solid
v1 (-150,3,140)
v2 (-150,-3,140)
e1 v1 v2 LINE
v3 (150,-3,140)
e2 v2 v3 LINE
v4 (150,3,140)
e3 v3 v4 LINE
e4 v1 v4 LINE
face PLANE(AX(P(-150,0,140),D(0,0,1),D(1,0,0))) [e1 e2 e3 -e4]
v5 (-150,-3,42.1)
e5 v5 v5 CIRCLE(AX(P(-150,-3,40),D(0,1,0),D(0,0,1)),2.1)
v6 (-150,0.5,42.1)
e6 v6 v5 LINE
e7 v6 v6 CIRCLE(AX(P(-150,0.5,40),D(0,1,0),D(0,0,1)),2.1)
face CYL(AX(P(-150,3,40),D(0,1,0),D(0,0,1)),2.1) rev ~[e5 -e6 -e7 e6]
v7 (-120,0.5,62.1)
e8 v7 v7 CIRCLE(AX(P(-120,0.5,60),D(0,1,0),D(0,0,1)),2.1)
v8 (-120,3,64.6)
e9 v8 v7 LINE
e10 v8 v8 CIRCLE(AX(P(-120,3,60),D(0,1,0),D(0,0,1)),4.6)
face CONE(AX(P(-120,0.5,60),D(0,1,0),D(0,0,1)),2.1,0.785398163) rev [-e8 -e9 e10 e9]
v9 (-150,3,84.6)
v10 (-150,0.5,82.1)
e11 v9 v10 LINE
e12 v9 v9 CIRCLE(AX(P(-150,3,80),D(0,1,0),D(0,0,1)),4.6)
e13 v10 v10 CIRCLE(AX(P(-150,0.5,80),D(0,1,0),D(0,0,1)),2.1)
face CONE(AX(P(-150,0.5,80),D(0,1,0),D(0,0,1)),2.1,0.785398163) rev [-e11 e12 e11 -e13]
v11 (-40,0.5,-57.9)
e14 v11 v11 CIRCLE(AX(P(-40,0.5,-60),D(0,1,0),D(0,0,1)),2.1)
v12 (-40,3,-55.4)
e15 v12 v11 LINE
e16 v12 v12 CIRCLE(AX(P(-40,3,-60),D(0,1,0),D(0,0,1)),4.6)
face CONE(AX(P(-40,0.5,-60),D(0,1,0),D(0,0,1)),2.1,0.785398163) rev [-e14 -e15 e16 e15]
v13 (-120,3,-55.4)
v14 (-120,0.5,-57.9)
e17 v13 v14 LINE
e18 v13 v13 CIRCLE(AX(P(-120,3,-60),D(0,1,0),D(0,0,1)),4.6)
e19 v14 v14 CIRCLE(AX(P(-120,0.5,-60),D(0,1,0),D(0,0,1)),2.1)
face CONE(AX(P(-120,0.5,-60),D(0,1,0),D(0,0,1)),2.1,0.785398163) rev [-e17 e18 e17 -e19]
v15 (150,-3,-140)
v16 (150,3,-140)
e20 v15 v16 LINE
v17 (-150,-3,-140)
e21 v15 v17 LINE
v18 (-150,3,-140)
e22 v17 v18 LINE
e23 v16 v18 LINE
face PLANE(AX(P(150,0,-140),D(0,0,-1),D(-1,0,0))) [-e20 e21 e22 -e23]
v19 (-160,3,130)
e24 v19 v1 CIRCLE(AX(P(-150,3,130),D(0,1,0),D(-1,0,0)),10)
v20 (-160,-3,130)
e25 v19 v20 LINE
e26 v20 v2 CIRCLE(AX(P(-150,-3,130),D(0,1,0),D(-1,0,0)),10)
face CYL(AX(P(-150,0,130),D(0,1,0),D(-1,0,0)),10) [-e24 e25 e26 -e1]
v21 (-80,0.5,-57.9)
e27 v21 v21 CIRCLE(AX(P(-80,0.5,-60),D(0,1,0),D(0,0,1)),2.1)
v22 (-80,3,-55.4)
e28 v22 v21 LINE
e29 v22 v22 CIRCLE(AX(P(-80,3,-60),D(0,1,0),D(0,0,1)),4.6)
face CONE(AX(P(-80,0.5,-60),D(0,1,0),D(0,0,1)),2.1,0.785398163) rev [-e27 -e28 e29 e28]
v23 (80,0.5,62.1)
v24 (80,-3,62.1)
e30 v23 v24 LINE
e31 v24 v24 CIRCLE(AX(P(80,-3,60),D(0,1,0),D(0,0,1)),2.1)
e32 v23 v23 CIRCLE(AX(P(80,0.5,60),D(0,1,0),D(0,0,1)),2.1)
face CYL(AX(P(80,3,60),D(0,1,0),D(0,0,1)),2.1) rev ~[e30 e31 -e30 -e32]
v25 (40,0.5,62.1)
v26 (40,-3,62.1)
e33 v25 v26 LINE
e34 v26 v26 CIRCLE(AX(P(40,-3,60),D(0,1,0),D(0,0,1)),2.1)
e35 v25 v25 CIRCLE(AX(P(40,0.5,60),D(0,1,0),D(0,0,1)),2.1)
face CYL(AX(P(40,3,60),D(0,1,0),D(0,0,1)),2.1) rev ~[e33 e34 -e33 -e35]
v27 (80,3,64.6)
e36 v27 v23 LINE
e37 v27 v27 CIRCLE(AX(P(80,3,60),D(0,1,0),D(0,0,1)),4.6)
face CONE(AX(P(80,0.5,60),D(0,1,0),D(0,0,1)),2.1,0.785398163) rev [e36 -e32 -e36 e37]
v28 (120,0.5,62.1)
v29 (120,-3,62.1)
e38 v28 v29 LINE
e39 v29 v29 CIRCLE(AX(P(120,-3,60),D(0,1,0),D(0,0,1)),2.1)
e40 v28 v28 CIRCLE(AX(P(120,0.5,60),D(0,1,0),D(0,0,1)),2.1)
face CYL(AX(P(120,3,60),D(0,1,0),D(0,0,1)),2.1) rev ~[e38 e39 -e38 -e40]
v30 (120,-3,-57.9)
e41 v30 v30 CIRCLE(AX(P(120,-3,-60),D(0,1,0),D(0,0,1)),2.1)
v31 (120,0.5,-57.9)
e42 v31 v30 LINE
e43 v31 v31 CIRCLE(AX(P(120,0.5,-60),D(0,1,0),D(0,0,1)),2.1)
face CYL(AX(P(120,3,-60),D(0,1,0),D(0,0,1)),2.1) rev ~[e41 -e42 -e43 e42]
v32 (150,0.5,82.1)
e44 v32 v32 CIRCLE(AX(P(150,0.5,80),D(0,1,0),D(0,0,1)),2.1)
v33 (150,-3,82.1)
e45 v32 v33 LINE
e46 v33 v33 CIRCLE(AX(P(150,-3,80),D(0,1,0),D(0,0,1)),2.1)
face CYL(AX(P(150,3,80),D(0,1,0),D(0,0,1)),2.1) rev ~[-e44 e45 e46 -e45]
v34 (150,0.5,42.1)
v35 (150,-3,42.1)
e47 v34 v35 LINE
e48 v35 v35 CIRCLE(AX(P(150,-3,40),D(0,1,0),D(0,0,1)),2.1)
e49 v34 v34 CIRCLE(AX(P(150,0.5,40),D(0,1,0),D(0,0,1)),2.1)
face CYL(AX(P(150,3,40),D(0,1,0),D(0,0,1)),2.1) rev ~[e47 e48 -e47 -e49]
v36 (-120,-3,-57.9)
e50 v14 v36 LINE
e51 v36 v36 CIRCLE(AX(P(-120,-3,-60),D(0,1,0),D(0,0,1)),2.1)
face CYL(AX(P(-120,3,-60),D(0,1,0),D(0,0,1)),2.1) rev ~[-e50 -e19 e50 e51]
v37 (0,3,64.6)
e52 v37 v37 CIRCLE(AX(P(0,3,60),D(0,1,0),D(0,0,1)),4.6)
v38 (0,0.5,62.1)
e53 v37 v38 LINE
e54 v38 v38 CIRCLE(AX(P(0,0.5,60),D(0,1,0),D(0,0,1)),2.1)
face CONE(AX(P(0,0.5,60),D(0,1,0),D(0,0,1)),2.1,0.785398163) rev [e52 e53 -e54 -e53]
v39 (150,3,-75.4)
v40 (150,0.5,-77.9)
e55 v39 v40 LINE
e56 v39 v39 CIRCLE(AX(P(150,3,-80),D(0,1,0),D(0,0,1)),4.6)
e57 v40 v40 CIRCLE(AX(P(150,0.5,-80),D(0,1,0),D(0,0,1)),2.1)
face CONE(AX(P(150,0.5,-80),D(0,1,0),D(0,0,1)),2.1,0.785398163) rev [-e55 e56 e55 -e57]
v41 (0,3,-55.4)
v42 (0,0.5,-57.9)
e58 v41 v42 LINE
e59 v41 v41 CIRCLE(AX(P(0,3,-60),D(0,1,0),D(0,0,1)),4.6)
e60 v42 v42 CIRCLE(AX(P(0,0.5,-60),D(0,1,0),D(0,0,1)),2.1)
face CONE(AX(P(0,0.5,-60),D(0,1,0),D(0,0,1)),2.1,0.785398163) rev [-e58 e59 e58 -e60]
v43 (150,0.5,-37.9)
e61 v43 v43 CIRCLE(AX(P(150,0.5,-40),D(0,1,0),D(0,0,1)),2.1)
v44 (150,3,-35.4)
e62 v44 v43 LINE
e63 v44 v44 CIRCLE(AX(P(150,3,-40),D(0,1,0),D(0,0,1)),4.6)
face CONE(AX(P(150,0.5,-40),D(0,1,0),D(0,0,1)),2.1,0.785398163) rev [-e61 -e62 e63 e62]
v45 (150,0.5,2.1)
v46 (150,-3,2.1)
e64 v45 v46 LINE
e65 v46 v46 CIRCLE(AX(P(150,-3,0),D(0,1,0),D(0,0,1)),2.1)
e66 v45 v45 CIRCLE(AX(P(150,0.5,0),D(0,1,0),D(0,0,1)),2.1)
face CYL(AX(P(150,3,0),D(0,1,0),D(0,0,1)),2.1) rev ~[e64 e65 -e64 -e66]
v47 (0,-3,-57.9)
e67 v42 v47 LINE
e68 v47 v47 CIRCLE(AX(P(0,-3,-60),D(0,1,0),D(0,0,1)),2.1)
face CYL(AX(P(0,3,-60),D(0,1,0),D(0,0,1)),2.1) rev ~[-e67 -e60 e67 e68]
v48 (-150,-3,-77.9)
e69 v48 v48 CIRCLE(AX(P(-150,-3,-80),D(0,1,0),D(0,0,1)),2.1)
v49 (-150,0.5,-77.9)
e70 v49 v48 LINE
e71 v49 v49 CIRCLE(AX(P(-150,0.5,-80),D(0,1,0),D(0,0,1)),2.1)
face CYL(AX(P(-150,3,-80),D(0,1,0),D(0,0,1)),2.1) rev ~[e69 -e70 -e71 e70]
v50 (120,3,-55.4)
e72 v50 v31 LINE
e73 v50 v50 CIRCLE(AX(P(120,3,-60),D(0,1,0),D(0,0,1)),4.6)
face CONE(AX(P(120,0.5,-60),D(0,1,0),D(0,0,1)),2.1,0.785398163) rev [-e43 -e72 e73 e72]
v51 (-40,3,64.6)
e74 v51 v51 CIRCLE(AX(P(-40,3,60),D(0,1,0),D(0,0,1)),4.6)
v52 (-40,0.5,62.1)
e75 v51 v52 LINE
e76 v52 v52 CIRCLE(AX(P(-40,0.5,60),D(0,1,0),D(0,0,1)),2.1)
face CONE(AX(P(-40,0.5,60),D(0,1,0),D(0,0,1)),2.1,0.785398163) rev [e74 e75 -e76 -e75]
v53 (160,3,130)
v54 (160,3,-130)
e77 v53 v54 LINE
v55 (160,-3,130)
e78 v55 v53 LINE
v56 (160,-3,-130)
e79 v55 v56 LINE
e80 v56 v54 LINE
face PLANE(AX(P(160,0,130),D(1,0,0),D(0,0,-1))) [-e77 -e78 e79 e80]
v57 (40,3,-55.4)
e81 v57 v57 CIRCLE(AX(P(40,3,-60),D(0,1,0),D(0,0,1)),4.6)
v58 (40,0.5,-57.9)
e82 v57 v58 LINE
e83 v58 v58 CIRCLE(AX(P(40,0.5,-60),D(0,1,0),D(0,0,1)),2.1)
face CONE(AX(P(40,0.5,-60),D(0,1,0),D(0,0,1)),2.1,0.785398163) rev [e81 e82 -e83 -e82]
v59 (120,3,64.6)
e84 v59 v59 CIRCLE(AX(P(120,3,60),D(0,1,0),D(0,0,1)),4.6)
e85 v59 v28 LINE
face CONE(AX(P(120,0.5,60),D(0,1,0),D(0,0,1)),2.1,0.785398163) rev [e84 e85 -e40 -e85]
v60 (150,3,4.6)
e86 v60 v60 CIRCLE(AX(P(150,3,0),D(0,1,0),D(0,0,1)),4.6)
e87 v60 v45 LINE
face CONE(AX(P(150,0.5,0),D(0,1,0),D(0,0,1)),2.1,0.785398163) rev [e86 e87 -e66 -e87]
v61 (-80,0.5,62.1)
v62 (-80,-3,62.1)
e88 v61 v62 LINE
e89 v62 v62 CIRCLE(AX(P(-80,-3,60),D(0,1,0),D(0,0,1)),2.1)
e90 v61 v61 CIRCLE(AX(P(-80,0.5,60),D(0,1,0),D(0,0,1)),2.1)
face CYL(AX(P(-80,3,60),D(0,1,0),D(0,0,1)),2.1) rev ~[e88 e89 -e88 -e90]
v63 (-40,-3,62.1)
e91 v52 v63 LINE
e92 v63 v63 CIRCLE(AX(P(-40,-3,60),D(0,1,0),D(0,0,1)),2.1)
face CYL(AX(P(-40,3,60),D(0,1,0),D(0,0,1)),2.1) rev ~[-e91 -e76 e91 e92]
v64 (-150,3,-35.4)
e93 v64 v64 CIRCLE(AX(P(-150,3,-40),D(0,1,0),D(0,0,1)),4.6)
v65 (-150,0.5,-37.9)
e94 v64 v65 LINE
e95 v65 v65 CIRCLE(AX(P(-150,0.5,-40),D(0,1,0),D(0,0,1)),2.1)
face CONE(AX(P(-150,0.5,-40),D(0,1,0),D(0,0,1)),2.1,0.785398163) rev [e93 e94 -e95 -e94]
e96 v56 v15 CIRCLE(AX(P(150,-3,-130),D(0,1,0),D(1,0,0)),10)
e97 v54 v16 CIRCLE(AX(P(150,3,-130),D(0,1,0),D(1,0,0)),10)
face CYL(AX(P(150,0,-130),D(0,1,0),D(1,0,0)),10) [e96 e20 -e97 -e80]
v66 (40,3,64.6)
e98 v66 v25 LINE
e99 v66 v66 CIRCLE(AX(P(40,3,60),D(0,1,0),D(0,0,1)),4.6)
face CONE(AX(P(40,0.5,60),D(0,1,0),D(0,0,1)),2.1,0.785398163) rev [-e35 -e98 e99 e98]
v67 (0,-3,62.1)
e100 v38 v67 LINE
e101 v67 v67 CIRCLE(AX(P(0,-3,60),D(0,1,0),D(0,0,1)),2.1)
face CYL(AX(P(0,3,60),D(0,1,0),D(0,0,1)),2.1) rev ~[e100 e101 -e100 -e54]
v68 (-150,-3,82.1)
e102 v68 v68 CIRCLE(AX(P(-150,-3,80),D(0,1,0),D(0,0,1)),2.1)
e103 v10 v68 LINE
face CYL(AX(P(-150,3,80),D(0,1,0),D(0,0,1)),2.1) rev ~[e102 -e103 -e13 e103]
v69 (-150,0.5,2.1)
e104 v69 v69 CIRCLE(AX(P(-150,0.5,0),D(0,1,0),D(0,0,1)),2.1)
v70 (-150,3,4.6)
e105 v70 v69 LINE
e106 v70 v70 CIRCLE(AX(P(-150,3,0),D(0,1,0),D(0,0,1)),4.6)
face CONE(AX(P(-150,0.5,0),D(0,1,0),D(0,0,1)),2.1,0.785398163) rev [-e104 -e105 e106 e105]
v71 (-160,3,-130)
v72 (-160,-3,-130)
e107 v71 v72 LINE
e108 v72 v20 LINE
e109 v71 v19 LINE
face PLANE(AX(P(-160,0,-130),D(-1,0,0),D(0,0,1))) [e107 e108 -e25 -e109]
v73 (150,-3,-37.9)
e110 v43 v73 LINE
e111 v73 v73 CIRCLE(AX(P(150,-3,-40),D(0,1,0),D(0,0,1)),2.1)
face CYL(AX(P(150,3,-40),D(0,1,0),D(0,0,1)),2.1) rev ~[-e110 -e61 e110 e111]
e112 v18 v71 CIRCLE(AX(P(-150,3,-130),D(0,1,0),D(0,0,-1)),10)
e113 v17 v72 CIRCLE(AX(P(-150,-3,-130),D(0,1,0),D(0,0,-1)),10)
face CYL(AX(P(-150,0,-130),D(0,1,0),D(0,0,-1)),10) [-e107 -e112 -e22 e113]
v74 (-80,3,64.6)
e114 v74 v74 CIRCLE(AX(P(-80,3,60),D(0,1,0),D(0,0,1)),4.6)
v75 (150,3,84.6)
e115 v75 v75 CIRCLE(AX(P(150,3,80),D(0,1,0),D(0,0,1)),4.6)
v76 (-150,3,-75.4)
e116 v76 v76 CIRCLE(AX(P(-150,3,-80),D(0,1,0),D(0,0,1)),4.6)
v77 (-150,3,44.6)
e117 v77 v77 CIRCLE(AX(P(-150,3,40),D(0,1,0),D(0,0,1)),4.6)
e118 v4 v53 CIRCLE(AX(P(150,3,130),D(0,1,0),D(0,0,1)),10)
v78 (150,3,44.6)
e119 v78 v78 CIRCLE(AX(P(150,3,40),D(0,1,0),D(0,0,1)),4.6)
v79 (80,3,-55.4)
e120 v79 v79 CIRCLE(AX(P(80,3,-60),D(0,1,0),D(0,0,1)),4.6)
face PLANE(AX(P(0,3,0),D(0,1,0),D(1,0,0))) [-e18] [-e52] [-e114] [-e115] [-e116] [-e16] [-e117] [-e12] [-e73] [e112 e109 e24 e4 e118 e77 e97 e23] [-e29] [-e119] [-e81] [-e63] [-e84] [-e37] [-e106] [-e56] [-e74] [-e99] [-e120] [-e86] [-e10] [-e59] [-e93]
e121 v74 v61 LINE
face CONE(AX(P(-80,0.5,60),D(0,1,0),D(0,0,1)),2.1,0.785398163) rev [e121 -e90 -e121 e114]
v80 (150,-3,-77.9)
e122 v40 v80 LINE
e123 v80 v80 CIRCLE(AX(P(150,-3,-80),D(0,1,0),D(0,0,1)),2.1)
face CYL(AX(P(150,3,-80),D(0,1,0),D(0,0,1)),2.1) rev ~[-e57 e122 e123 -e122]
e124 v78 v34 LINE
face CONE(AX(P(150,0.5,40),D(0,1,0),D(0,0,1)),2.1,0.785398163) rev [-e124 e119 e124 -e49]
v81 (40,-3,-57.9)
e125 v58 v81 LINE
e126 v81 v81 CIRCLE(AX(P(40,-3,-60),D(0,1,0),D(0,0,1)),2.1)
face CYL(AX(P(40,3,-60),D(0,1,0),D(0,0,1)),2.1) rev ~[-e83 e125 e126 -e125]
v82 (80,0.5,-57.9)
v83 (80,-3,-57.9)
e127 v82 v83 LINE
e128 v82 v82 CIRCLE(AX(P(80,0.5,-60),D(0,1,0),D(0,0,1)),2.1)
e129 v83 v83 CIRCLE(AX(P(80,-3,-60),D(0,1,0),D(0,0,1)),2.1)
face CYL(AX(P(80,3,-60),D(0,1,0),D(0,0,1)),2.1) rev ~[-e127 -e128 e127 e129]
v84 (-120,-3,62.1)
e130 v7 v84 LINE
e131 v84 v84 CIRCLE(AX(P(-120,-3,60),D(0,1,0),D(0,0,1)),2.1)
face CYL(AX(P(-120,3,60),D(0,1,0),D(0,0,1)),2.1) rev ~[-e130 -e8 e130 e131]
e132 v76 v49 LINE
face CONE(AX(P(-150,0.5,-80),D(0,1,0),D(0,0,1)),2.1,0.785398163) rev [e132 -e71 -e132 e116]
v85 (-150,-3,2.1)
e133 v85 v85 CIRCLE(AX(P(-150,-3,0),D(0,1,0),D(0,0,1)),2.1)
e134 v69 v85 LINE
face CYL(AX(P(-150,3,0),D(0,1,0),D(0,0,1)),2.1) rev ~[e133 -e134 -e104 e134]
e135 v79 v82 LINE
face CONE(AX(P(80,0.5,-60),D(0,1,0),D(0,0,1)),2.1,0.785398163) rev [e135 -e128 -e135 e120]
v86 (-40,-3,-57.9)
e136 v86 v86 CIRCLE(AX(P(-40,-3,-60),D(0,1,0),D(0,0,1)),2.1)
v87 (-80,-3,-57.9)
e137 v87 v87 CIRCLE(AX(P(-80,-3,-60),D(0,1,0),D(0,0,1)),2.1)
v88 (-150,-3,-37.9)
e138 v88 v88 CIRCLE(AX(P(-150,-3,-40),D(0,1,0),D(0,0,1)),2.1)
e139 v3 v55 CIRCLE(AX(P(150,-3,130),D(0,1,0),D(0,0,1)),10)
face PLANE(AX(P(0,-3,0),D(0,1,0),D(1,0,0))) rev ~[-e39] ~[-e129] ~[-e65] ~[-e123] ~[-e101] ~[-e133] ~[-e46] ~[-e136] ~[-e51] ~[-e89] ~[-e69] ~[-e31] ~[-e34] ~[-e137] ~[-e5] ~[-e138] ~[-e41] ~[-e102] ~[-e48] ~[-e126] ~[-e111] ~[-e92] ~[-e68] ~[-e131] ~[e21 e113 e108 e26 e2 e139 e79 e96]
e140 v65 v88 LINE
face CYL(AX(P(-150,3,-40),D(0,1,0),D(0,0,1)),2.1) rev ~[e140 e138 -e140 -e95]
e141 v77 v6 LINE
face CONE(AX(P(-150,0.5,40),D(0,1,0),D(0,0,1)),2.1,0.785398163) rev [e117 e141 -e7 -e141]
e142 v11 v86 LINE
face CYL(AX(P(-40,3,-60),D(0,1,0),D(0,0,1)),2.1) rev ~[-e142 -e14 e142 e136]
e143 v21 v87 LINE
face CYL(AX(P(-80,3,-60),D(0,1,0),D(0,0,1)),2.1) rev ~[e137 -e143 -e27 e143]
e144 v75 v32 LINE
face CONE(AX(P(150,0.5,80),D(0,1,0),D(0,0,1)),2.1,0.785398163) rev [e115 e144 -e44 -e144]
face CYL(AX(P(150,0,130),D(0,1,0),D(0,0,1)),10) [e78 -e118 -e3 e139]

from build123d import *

# Parameters (mm, degrees)
EXTRUDE_1_DEPTH     = 3
SKETCH_5_R          = 2.1
CUT_EXTRUDE_4_DEPTH = 240
CHAMFER_2_SIZE      = 2.5


with BuildPart() as part:
    # 草图1 → 凸台-拉伸1 (new, symmetric)
    with BuildSketch(Plane(origin=(0, 0, 0), x_dir=(1, 0, 0), z_dir=(0, 1, 0))):
        with BuildLine():
            Line((-150, -140), (150, -140))
            ThreePointArc((150, -140), (157.071067812, -137.071067812), (160, -130))
            Line((160, -130), (160, 130))
            ThreePointArc((160, 130), (157.071067812, 137.071067812), (150, 140))
            Line((150, 140), (-150, 140))
            ThreePointArc((-150, 140), (-157.071067812, 137.071067812), (-160, 130))
            Line((-160, 130), (-160, -130))
            ThreePointArc((-160, -130), (-157.071067812, -137.071067812), (-150, -140))
        make_face()
    extrude(amount=EXTRUDE_1_DEPTH, both=True)

    # 草图5 → 切除-拉伸4 (cut)
    with BuildSketch(Plane(origin=(0, 3, 0), x_dir=(1, 0, 0), z_dir=(0, 1, 0))):
        with Locations(Location((0, 60, 0), (0, 0, 270))):
            Circle(SKETCH_5_R)
        with Locations(Location((40, 60, 0), (0, 0, 270))):
            Circle(SKETCH_5_R)
        with Locations(Location((80, 60, 0), (0, 0, 270))):
            Circle(SKETCH_5_R)
        with Locations(Location((120, 60, 0), (0, 0, 270))):
            Circle(SKETCH_5_R)
        with Locations(Location((-120, 60, 0), (0, 0, 270))):
            Circle(SKETCH_5_R)
        with Locations(Location((-80, 60, 0), (0, 0, 270))):
            Circle(SKETCH_5_R)
        with Locations(Location((-40, 60, 0), (0, 0, 270))):
            Circle(SKETCH_5_R)
        with Locations(Location((-40, -60, 0), (0, 0, 270))):
            Circle(SKETCH_5_R)
        with Locations(Location((-80, -60, 0), (0, 0, 270))):
            Circle(SKETCH_5_R)
        with Locations(Location((-120, -60, 0), (0, 0, 270))):
            Circle(SKETCH_5_R)
        with Locations(Location((120, -60, 0), (0, 0, 270))):
            Circle(SKETCH_5_R)
        with Locations(Location((80, -60, 0), (0, 0, 270))):
            Circle(SKETCH_5_R)
        with Locations(Location((40, -60, 0), (0, 0, 270))):
            Circle(SKETCH_5_R)
        with Locations(Location((0, -60, 0), (0, 0, 270))):
            Circle(SKETCH_5_R)
        with Locations(Location((-150, 0, 0), (0, 0, 270))):
            Circle(SKETCH_5_R)
        with Locations(Location((-150, -40, 0), (0, 0, 270))):
            Circle(SKETCH_5_R)
        with Locations(Location((-150, -80, 0), (0, 0, 270))):
            Circle(SKETCH_5_R)
        with Locations(Location((-150, 80, 0), (0, 0, 270))):
            Circle(SKETCH_5_R)
        with Locations(Location((-150, 40, 0), (0, 0, 270))):
            Circle(SKETCH_5_R)
        with Locations(Location((150, 40, 0), (0, 0, 270))):
            Circle(SKETCH_5_R)
        with Locations(Location((150, 80, 0), (0, 0, 270))):
            Circle(SKETCH_5_R)
        with Locations(Location((150, -80, 0), (0, 0, 270))):
            Circle(SKETCH_5_R)
        with Locations(Location((150, -40, 0), (0, 0, 270))):
            Circle(SKETCH_5_R)
        with Locations(Location((150, 0, 0), (0, 0, 270))):
            Circle(SKETCH_5_R)
    extrude(amount=-CUT_EXTRUDE_4_DEPTH, mode=Mode.SUBTRACT)

    # 倒角2
    chamfer_2_edges = [part.edges().sort_by_distance(p)[0] for p in [
        (-80, 3, -62.1),
        (-40, 3, -62.1),
        (-40, 3, 57.9),
        (-150, 3, -82.1),
        (-150, 3, -42.1),
        (150, 3, -42.1),
        (150, 3, -82.1),
        (150, 3, 77.9),
        (150, 3, 37.9),
        (150, 3, -2.1),
        (0, 3, -62.1),
        (-80, 3, 57.9),
        (-120, 3, 57.9),
        (120, 3, 57.9),
        (80, 3, 57.9),
        (40, 3, 57.9),
        (0, 3, 57.9),
        (-150, 3, 37.9),
        (-150, 3, 77.9),
        (-150, 3, -2.1),
        (120, 3, -62.1),
        (80, 3, -62.1),
        (40, 3, -62.1),
        (-120, 3, -62.1),
    ]]
    chamfer(chamfer_2_edges, length=CHAMFER_2_SIZE)


solid = part.part
